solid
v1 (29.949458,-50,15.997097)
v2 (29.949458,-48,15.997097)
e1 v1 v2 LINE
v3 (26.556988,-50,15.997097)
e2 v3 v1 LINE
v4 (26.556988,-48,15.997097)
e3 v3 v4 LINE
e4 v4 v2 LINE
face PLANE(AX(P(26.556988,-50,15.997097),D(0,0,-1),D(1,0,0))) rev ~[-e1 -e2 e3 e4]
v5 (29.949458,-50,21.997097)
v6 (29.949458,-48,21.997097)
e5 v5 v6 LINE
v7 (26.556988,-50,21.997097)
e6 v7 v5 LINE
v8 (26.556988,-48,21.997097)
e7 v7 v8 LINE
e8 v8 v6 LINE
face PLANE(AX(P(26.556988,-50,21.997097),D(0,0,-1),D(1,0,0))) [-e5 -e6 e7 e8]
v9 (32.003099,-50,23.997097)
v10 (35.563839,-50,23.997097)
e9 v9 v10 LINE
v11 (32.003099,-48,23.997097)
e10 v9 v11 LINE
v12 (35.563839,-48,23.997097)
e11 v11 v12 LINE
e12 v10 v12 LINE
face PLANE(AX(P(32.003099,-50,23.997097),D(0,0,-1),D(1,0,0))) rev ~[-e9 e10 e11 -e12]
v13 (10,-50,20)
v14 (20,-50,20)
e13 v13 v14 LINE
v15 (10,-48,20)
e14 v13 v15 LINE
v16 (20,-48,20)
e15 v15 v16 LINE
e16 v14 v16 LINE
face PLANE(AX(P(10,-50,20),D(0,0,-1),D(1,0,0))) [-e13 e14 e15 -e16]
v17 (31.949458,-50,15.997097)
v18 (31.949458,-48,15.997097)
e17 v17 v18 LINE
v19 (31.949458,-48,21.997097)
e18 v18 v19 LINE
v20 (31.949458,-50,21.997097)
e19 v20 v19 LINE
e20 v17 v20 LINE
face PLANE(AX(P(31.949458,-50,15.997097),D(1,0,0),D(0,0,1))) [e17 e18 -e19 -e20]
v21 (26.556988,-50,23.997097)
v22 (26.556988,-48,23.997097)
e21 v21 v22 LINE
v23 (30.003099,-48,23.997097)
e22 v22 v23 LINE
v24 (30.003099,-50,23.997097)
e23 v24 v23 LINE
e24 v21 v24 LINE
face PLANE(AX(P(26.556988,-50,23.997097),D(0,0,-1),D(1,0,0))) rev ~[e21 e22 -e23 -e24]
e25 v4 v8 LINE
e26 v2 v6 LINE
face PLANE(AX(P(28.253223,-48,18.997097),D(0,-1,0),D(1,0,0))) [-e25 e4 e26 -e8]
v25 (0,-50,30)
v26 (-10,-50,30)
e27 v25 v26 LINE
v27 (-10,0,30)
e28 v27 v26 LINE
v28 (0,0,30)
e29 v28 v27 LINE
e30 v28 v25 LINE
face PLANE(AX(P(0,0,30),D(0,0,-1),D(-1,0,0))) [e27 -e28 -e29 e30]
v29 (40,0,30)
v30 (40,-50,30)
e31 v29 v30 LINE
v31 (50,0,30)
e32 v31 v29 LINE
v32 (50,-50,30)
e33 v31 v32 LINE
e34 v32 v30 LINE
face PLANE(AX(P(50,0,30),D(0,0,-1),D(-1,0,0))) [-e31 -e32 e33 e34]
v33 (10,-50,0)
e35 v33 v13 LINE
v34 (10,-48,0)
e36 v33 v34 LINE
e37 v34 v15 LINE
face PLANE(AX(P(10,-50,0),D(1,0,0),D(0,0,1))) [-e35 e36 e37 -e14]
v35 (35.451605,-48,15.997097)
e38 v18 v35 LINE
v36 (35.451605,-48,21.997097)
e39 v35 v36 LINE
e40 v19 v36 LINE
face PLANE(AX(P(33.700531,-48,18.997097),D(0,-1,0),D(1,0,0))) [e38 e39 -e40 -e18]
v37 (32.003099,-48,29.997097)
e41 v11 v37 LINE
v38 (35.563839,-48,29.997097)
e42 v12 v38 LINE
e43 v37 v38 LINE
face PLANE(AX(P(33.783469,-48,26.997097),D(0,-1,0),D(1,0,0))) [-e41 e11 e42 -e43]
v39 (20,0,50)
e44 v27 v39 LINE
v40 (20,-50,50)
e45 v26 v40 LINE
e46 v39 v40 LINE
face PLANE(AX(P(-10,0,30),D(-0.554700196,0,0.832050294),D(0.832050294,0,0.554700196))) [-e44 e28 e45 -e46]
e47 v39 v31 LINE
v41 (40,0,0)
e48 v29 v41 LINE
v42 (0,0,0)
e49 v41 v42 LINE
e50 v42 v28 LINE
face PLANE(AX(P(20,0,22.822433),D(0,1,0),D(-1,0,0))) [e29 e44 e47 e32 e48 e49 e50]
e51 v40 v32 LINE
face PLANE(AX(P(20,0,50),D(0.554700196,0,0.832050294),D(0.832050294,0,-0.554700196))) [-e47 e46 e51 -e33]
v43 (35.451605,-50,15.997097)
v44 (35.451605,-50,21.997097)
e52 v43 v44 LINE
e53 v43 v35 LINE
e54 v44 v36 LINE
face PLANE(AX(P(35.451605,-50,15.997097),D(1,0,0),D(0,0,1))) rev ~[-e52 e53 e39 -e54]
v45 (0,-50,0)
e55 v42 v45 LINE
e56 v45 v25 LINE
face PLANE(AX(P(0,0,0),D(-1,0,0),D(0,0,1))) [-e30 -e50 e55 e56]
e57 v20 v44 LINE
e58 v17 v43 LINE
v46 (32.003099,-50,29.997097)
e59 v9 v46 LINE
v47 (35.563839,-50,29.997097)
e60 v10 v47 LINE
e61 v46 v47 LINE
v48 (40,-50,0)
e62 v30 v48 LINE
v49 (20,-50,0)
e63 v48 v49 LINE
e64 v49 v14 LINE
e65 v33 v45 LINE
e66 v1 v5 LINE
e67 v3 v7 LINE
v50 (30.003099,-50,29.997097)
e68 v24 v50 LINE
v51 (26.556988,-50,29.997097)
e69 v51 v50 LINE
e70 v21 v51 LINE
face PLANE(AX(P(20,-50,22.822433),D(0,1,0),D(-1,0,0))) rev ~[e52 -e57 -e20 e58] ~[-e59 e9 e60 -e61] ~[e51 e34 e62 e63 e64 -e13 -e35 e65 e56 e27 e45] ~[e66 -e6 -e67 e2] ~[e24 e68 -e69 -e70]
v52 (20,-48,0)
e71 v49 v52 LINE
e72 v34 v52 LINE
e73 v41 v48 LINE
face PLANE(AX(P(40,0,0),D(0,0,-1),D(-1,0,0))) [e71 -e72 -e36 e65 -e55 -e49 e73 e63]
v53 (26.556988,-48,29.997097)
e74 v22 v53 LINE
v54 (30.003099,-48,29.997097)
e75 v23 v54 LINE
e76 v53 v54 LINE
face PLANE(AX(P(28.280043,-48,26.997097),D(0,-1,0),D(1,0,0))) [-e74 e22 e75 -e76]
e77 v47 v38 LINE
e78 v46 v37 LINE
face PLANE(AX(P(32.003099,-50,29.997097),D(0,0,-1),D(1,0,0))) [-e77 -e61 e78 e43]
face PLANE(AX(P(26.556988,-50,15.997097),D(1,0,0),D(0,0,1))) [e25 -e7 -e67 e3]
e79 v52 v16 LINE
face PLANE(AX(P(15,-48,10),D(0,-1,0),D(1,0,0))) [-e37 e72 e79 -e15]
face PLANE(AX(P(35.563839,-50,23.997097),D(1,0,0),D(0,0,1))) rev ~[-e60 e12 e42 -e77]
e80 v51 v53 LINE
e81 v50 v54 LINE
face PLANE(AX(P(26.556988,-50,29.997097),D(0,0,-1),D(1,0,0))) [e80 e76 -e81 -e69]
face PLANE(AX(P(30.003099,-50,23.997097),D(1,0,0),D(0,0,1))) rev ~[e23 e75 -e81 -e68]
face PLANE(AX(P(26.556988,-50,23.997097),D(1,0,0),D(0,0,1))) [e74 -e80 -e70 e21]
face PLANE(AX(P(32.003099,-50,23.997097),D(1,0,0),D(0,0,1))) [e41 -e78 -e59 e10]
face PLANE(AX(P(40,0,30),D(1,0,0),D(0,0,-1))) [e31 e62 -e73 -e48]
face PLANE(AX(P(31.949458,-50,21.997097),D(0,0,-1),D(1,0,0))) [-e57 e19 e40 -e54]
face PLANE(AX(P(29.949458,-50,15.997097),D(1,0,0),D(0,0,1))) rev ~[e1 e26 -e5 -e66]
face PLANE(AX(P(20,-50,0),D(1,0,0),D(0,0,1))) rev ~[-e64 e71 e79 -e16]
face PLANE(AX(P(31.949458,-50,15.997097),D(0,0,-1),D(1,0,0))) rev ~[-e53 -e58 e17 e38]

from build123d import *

# Parameters (mm, degrees)
PAD_DEPTH       = 50
SKETCH001_W     = 10
SKETCH001_H     = 20
POCKET_DEPTH    = 2
SKETCH002_W     = 3.446111
SKETCH002_H     = 6
SKETCH002_W_2   = 3.56074
SKETCH002_W_3   = 3.39247
SKETCH002_W_4   = 3.502147
POCKET001_DEPTH = 2


with BuildPart() as part:
    # Sketch → Pad (new body)
    with BuildSketch(Plane.XZ):
        Polygon((0, 0), (0, 30), (-10, 30), (20, 50), (50, 30), (40, 30), (40, 0), align=None)
    extrude(amount=PAD_DEPTH)

    # Sketch001 (on Face9 of Pad) → Pocket (cut)
    with BuildSketch(Plane.XZ.offset(50)):
        with Locations((15, 10)):
            Rectangle(SKETCH001_W, SKETCH001_H)
    extrude(amount=-POCKET_DEPTH, mode=Mode.SUBTRACT)

    # Sketch002 (on Face5 of Pocket) → Pocket001 (cut)
    with BuildSketch(Plane.XZ.offset(50)):
        with Locations((28.280043, 26.997097)):
            Rectangle(SKETCH002_W, SKETCH002_H)
        with Locations((33.783469, 26.997097)):
            Rectangle(SKETCH002_W_2, SKETCH002_H)
        with Locations((28.253223, 18.997097)):
            Rectangle(SKETCH002_W_3, SKETCH002_H)
        with Locations((33.700531, 18.997097)):
            Rectangle(SKETCH002_W_4, SKETCH002_H)
    extrude(amount=-POCKET001_DEPTH, mode=Mode.SUBTRACT)


solid = part.part
